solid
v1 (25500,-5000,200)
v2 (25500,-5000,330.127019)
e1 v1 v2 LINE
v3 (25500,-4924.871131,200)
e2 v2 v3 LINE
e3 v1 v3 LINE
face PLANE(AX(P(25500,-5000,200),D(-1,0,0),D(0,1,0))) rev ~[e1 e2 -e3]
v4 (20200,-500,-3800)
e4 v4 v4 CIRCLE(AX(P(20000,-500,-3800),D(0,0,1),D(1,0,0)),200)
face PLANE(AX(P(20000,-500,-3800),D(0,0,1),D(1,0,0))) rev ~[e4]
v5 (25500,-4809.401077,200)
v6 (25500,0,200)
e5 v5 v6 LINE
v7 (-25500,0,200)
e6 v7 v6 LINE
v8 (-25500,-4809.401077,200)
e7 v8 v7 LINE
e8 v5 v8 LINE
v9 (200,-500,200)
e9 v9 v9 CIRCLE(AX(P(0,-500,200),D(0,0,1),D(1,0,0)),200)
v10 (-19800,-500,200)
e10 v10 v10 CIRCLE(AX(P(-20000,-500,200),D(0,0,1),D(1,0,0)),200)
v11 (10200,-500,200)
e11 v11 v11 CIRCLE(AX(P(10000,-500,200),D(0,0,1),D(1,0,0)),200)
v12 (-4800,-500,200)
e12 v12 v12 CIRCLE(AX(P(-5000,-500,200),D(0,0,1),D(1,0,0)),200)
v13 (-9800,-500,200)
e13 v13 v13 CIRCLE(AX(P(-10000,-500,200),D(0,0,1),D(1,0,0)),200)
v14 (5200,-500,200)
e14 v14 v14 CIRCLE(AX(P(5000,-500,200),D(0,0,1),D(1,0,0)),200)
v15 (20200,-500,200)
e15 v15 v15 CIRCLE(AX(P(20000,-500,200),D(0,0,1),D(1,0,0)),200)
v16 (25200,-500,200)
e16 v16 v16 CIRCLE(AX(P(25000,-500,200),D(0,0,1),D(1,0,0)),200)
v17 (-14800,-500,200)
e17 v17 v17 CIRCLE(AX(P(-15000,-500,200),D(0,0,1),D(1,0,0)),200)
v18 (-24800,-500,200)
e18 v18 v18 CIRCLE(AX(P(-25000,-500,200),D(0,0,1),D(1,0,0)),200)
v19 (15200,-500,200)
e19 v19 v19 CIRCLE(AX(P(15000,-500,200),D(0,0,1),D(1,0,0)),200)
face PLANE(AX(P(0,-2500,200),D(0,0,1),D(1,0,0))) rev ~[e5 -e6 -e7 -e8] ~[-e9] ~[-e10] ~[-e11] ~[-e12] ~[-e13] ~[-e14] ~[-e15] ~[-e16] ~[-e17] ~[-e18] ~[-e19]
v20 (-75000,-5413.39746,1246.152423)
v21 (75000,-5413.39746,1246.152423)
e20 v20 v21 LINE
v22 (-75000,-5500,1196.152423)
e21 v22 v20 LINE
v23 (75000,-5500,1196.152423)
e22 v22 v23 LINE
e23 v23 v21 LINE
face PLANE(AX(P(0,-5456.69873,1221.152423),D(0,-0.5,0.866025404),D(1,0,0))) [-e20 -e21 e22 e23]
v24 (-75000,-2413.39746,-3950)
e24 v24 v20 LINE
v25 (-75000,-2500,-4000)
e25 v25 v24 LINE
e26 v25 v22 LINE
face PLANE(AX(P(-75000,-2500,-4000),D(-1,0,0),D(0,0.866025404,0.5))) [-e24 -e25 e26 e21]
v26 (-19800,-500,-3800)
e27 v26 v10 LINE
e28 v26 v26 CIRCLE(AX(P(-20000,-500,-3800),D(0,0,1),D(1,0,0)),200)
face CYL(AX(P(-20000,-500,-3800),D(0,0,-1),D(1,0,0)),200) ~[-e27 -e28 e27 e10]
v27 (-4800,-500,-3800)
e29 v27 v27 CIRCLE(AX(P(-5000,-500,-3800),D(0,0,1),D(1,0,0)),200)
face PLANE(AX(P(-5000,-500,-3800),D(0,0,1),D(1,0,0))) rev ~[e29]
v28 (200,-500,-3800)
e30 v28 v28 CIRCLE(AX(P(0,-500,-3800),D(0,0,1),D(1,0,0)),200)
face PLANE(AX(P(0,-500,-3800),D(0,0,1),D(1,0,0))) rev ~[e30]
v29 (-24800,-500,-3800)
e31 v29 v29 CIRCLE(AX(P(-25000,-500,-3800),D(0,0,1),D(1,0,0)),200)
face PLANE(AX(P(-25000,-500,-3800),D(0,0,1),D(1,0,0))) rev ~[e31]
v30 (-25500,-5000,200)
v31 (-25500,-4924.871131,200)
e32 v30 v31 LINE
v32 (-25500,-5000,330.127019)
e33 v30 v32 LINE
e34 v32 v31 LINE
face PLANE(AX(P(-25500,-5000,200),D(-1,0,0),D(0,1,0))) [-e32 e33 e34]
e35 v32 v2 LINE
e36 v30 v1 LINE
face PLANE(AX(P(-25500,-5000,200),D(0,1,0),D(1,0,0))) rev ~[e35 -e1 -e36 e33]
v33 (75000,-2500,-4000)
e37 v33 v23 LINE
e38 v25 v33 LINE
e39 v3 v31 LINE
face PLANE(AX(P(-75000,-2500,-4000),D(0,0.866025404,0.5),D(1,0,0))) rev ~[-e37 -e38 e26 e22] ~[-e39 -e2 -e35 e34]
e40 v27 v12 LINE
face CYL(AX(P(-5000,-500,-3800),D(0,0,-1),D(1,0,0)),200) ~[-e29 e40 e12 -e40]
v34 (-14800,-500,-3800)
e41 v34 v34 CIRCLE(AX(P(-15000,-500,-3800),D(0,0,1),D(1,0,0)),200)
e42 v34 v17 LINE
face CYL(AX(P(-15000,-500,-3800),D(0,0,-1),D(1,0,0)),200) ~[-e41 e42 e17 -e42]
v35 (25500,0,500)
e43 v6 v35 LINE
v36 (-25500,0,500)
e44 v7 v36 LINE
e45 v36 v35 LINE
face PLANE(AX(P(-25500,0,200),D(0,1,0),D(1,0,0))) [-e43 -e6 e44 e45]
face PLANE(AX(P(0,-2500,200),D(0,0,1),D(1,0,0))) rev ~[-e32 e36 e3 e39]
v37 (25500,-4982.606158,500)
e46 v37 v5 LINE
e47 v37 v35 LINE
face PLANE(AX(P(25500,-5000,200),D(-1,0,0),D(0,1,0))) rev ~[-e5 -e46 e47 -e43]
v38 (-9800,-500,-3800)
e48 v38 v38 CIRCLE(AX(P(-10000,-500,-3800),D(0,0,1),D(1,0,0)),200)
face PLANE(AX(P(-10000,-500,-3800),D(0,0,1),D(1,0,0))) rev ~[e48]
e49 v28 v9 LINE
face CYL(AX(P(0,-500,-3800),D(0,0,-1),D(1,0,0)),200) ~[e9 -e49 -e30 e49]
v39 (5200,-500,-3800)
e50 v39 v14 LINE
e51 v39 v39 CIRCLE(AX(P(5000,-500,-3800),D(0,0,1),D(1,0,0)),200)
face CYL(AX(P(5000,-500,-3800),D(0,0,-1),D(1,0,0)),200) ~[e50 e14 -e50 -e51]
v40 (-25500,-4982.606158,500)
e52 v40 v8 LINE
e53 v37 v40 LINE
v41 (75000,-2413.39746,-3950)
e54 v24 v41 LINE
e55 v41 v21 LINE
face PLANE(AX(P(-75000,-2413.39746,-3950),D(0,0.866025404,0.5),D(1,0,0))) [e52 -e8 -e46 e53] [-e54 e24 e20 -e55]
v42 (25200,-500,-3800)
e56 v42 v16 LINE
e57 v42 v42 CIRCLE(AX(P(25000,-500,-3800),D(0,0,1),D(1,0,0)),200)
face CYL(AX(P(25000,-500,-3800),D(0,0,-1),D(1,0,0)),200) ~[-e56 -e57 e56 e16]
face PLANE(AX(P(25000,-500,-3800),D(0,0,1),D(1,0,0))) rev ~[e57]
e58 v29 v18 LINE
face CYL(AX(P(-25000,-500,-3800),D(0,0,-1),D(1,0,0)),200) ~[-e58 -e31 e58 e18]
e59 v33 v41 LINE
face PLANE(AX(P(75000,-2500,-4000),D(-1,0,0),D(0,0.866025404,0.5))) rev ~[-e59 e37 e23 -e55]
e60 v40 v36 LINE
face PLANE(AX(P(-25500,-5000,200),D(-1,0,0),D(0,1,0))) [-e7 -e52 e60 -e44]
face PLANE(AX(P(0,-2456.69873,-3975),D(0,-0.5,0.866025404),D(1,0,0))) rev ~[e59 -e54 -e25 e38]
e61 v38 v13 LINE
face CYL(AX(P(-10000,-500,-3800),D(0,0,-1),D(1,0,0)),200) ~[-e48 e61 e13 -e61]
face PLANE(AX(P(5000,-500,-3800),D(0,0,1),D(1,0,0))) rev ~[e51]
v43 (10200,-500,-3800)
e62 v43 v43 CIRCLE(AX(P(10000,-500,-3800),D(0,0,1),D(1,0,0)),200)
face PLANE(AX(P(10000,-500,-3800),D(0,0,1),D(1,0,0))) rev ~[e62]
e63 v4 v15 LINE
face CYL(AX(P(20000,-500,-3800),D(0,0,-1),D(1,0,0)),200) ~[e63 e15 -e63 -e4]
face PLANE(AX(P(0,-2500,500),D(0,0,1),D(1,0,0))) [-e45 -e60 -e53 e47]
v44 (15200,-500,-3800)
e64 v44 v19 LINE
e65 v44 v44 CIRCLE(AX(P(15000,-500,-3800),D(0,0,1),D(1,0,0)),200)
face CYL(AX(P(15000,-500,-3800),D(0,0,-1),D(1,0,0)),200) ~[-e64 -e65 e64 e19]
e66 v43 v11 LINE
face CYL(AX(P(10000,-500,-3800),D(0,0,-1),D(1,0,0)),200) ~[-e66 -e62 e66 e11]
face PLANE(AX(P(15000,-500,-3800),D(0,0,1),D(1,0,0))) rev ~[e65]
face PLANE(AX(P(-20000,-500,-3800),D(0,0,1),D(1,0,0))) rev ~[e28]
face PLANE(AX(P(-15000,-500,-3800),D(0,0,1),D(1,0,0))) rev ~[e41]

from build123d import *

# Parameters (mm, degrees)
CYLINDER010_R          = 200
CYLINDER010_DEPTH      = 4000
CYLINDER_R             = 200
CYLINDER_DEPTH         = 4000
CYLINDER008_R          = 200
CYLINDER008_DEPTH      = 4000
CYLINDER007_R          = 200
CYLINDER007_DEPTH      = 4000
CYLINDER005_R          = 200
CYLINDER005_DEPTH      = 4000
CYLINDER003_R          = 200
CYLINDER003_DEPTH      = 4000
CYLINDER004_R          = 200
CYLINDER004_DEPTH      = 4000
CYLINDER002_R          = 200
CYLINDER002_DEPTH      = 4000
CYLINDER009_R          = 200
CYLINDER009_DEPTH      = 4000
BOX001_W               = 150000
BOX001_H               = 100
BOX001_DEPTH           = 6000
BOX001_PLACEMENT_ANGLE = 30
CYLINDER001_R          = 200
CYLINDER001_DEPTH      = 4000
CYLINDER006_R          = 200
CYLINDER006_DEPTH      = 4000
BOX_W                  = 51000
BOX_H                  = 5000
BOX_DEPTH              = 300


with BuildPart() as cylinder010:
    # Cylinder010 → Cylinder010 (new body)
    with BuildSketch(Plane(origin=(-25000, -500, -3800), x_dir=(1, 0, 0), z_dir=(0, 0, 1))):
        Circle(CYLINDER010_R)
    extrude(amount=CYLINDER010_DEPTH)


with BuildPart() as cylinder:
    # Cylinder → Cylinder (new body)
    with BuildSketch(Plane(origin=(0, -500, -3800), x_dir=(1, 0, 0), z_dir=(0, 0, 1))):
        Circle(CYLINDER_R)
    extrude(amount=CYLINDER_DEPTH)


with BuildPart() as cylinder008:
    # Cylinder008 → Cylinder008 (new body)
    with BuildSketch(Plane(origin=(-15000, -500, -3800), x_dir=(1, 0, 0), z_dir=(0, 0, 1))):
        Circle(CYLINDER008_R)
    extrude(amount=CYLINDER008_DEPTH)


with BuildPart() as cylinder007:
    # Cylinder007 → Cylinder007 (new body)
    with BuildSketch(Plane(origin=(-10000, -500, -3800), x_dir=(1, 0, 0), z_dir=(0, 0, 1))):
        Circle(CYLINDER007_R)
    extrude(amount=CYLINDER007_DEPTH)


with BuildPart() as cylinder005:
    # Cylinder005 → Cylinder005 (new body)
    with BuildSketch(Plane(origin=(25000, -500, -3800), x_dir=(1, 0, 0), z_dir=(0, 0, 1))):
        Circle(CYLINDER005_R)
    extrude(amount=CYLINDER005_DEPTH)


with BuildPart() as cylinder003:
    # Cylinder003 → Cylinder003 (new body)
    with BuildSketch(Plane(origin=(15000, -500, -3800), x_dir=(1, 0, 0), z_dir=(0, 0, 1))):
        Circle(CYLINDER003_R)
    extrude(amount=CYLINDER003_DEPTH)


with BuildPart() as cylinder004:
    # Cylinder004 → Cylinder004 (new body)
    with BuildSketch(Plane(origin=(20000, -500, -3800), x_dir=(1, 0, 0), z_dir=(0, 0, 1))):
        Circle(CYLINDER004_R)
    extrude(amount=CYLINDER004_DEPTH)


with BuildPart() as cylinder002:
    # Cylinder002 → Cylinder002 (new body)
    with BuildSketch(Plane(origin=(10000, -500, -3800), x_dir=(1, 0, 0), z_dir=(0, 0, 1))):
        Circle(CYLINDER002_R)
    extrude(amount=CYLINDER002_DEPTH)


with BuildPart() as cylinder009:
    # Cylinder009 → Cylinder009 (new body)
    with BuildSketch(Plane(origin=(-20000, -500, -3800), x_dir=(1, 0, 0), z_dir=(0, 0, 1))):
        Circle(CYLINDER009_R)
    extrude(amount=CYLINDER009_DEPTH)


with BuildPart() as cube001:
    # Box001 → Box001 (new body)
    with BuildSketch(Plane.XY):
        with Locations((75000, 50)):
            Rectangle(BOX001_W, BOX001_H)
    extrude(amount=BOX001_DEPTH)


with BuildPart() as cube001_1:
    # Box001 placement: moved
    add(cube001.part.moved(Location((-75000, -2500, -4000))).rotate(Axis((-75000, -2500, -4000), (1, 0, 0)), BOX001_PLACEMENT_ANGLE))


with BuildPart() as cylinder001:
    # Cylinder001 → Cylinder001 (new body)
    with BuildSketch(Plane(origin=(5000, -500, -3800), x_dir=(1, 0, 0), z_dir=(0, 0, 1))):
        Circle(CYLINDER001_R)
    extrude(amount=CYLINDER001_DEPTH)


with BuildPart() as cylinder006:
    # Cylinder006 → Cylinder006 (new body)
    with BuildSketch(Plane(origin=(-5000, -500, -3800), x_dir=(1, 0, 0), z_dir=(0, 0, 1))):
        Circle(CYLINDER006_R)
    extrude(amount=CYLINDER006_DEPTH)


with BuildPart() as fusion:
    # Box → Box (new body)
    with BuildSketch(Plane(origin=(-25500, -5000, 200), x_dir=(1, 0, 0), z_dir=(0, 0, 1))):
        with Locations((25500, 2500)):
            Rectangle(BOX_W, BOX_H)
    extrude(amount=BOX_DEPTH)

    # Fusion: union Cylinder010, Cylinder, Cylinder008, Cylinder007, Cylinder005, Cylinder003, Cylinder004, Cylinder002, Cylinder009, Cube001, Cylinder001, Cylinder006
    add(cylinder010.part)
    add(cylinder.part)
    add(cylinder008.part)
    add(cylinder007.part)
    add(cylinder005.part)
    add(cylinder003.part)
    add(cylinder004.part)
    add(cylinder002.part)
    add(cylinder009.part)
    add(cube001_1.part)
    add(cylinder001.part)
    add(cylinder006.part)


solid = fusion.part
